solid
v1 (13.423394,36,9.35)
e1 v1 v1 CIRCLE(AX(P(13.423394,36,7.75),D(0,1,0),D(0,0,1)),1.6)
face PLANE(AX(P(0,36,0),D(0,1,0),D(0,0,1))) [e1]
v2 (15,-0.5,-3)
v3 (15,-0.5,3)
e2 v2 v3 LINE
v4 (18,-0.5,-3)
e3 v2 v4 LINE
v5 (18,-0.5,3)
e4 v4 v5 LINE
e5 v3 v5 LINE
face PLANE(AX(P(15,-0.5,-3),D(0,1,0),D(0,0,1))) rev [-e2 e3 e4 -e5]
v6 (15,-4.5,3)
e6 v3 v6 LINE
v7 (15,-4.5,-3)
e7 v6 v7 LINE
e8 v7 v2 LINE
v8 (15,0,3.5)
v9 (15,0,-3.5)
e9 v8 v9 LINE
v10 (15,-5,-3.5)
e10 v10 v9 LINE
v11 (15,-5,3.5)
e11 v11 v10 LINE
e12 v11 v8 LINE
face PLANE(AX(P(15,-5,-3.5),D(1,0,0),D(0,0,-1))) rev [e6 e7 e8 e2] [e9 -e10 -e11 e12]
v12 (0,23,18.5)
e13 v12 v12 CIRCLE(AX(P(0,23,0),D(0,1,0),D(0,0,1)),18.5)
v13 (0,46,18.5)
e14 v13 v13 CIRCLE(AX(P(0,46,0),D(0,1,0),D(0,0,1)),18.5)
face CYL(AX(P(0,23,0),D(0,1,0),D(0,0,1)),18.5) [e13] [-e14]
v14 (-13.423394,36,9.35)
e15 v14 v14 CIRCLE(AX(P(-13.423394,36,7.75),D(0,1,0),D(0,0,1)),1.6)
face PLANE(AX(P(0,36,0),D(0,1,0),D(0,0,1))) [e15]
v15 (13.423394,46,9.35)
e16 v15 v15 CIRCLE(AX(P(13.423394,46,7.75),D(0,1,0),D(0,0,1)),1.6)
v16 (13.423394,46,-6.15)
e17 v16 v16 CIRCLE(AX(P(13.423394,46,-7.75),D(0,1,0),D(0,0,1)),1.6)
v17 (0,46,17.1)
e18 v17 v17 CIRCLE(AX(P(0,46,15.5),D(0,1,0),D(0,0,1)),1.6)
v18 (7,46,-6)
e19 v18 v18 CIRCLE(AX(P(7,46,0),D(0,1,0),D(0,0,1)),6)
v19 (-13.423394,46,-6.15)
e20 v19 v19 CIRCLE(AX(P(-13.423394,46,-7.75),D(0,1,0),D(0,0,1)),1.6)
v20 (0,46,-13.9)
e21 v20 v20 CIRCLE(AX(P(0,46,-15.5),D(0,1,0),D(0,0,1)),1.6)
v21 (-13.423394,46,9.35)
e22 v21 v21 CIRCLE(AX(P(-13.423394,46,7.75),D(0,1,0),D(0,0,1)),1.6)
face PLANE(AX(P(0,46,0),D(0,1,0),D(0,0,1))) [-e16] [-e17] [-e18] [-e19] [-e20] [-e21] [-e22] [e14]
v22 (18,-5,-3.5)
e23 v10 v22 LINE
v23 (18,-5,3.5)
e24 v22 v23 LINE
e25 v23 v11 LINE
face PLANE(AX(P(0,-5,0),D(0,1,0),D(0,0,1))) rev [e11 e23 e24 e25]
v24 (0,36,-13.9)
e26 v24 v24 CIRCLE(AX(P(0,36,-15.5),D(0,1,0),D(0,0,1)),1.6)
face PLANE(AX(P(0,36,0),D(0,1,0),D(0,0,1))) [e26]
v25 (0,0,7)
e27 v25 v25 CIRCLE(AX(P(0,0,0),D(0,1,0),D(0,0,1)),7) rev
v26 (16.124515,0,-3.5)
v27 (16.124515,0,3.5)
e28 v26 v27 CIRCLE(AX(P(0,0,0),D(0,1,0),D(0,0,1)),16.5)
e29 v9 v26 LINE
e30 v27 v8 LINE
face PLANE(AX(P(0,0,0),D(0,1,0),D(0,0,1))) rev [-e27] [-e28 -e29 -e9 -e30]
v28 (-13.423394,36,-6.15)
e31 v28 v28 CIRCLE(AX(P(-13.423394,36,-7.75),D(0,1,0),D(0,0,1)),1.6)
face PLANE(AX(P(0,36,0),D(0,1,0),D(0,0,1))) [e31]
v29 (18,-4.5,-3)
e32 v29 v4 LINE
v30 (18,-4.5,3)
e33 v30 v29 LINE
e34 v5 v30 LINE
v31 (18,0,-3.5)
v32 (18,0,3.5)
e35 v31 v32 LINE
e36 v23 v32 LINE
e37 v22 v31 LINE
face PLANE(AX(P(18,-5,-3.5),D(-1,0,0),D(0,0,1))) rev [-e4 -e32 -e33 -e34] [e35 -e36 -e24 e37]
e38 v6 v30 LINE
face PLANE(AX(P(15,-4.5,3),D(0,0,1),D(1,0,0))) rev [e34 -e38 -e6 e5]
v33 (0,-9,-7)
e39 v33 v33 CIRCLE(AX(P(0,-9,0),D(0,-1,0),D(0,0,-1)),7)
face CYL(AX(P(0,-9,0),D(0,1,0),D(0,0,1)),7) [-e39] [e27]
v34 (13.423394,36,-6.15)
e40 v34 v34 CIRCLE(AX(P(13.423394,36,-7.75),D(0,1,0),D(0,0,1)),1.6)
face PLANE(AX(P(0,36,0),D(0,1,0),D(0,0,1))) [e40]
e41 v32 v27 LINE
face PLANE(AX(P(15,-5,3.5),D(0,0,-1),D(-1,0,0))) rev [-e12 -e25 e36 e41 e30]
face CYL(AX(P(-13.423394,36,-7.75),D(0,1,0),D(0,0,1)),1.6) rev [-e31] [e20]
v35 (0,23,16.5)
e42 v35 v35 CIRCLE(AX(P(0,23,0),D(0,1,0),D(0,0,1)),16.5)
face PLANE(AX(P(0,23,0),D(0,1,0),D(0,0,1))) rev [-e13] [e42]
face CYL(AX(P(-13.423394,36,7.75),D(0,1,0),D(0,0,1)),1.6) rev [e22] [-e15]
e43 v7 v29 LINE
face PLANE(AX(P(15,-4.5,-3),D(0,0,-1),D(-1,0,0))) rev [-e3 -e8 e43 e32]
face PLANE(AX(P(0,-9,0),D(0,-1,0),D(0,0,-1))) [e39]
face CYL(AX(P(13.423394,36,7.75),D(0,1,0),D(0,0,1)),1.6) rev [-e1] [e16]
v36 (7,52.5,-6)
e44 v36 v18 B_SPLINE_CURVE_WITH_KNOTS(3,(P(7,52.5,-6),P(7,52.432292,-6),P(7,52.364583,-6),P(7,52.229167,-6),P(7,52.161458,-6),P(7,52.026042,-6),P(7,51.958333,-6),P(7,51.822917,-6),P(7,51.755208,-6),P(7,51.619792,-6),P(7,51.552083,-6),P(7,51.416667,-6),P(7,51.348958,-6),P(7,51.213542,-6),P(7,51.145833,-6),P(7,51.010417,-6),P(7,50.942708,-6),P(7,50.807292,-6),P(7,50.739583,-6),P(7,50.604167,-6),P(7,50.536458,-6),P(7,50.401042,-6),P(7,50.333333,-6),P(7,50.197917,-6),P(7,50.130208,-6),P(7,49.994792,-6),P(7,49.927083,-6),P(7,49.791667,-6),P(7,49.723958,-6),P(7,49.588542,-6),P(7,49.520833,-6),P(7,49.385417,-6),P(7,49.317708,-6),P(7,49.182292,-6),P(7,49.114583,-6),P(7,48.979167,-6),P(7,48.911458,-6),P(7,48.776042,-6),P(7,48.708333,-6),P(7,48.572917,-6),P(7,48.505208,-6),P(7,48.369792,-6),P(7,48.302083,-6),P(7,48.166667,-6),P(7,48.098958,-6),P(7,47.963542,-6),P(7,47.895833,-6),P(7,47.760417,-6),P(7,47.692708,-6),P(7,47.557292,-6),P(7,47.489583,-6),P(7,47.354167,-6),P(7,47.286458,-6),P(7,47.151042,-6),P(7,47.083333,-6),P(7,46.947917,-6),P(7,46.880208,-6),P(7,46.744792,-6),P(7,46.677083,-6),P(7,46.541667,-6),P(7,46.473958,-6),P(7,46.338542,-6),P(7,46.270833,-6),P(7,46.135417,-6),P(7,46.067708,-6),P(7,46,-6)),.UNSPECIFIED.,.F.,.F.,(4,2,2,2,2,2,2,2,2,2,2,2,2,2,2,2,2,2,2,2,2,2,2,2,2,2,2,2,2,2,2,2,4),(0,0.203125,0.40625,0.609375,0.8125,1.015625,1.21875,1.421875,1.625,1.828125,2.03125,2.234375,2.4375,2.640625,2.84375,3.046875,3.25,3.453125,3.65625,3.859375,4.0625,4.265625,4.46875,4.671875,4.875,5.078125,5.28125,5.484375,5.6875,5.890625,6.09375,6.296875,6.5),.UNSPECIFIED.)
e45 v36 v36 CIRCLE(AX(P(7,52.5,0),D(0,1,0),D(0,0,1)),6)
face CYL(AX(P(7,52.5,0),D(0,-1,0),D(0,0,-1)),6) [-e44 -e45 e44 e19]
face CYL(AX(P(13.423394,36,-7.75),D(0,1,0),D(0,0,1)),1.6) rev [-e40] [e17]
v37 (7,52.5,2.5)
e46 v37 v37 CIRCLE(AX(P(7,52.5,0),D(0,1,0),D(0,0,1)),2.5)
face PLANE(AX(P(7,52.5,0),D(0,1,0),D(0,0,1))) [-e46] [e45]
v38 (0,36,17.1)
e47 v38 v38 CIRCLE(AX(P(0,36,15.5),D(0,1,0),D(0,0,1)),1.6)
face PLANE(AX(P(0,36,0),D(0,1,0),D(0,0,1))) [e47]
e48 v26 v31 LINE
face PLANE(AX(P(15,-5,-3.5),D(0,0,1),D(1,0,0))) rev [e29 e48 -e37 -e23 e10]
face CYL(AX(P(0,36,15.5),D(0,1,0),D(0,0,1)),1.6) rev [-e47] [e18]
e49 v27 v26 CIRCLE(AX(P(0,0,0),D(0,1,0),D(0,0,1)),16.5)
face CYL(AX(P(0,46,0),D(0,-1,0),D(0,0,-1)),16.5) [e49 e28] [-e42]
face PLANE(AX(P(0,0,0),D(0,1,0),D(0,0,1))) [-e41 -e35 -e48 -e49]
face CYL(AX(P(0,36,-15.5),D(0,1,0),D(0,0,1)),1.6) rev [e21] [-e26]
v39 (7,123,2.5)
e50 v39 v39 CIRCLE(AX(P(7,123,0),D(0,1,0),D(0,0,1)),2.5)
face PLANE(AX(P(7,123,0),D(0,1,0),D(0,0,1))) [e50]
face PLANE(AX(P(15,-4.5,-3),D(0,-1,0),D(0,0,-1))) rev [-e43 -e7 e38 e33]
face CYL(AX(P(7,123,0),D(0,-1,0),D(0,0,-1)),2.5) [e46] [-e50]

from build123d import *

# Parameters (mm, degrees)
SKETCH_1_R          = 16.5
EXTRUDE_1_DEPTH     = 46
SKETCH_2_R          = 7
EXTRUDE_2_DEPTH     = 9
SKETCH_3_W          = 3
SKETCH_3_H          = 7
EXTRUDE_3_DEPTH     = 5
SKETCH_4_W          = 6
SKETCH_4_H          = 4
CUT_EXTRUDE_1_DEPTH = 3
SKETCH_5_R          = 6
EXTRUDE_4_DEPTH     = 6.5
SKETCH_7_R          = 2.5
EXTRUDE_5_DEPTH     = 70.5
EXTRUDE_START       = -23
SKETCH_8_R          = 18.5
SKETCH_8_R_2        = 16.5
EXTRUDE_6_DEPTH     = 23
SKETCH_9_R          = 1.6
CUT_EXTRUDE_2_DEPTH = 10


with BuildPart() as part:
    # 草图1 → 凸台-拉伸1 (new body)
    with BuildSketch(Plane(origin=(0, 0, 0), x_dir=(1, 0, 0), z_dir=(0, 1, 0))):
        with Locations(Location((0, 0, 0), (0, 0, 270))):
            Circle(SKETCH_1_R)
    extrude(amount=EXTRUDE_1_DEPTH)

    # 草图2 → 凸台-拉伸2 (add)
    with BuildSketch(Plane.XZ):
        with Locations(Location((0, 0, 0), (0, 0, 90))):
            Circle(SKETCH_2_R)
    extrude(amount=EXTRUDE_2_DEPTH)

    # 草图3 → 凸台-拉伸3 (add)
    with BuildSketch(Plane.XZ):
        with Locations((16.5, 0)):
            Rectangle(SKETCH_3_W, SKETCH_3_H)
    extrude(amount=EXTRUDE_3_DEPTH)

    # 草图4 → 切除-拉伸1 (cut)
    with BuildSketch(Plane(origin=(18, 0, 0), x_dir=(0, 0, -1), z_dir=(1, 0, 0))):
        with Locations((0, -2.5)):
            Rectangle(SKETCH_4_W, SKETCH_4_H)
    extrude(amount=-CUT_EXTRUDE_1_DEPTH, mode=Mode.SUBTRACT)

    # 草图5 → 凸台-拉伸4 (add)
    with BuildSketch(Plane(origin=(0, 46, 0), x_dir=(1, 0, 0), z_dir=(0, 1, 0))):
        with Locations(Location((7, 0, 0), (0, 0, 90))):
            Circle(SKETCH_5_R)
    extrude(amount=EXTRUDE_4_DEPTH)

    # 草图7 → 凸台-拉伸5 (add)
    with BuildSketch(Plane(origin=(0, 52.5, 0), x_dir=(1, 0, 0), z_dir=(0, 1, 0))):
        with Locations(Location((7, 0, 0), (0, 0, 270))):
            Circle(SKETCH_7_R)
    extrude(amount=EXTRUDE_5_DEPTH)

    # 草图8 → 凸台-拉伸6 (add)
    with BuildSketch(Plane(origin=(0, 46, 0), x_dir=(1, 0, 0), z_dir=(0, 1, 0)).offset(EXTRUDE_START)):
        with Locations(Location((0, 0, 0), (0, 0, 270))):
            Circle(SKETCH_8_R)
        with Locations(Location((0, 0, 0), (0, 0, 12.246689727))):
            Circle(SKETCH_8_R_2, mode=Mode.SUBTRACT)
    extrude(amount=EXTRUDE_6_DEPTH)

    # 草图9 → 切除-拉伸2 (cut)
    with BuildSketch(Plane(origin=(0, 46, 0), x_dir=(1, 0, 0), z_dir=(0, 1, 0))):
        with Locations(Location((-13.423393759, 7.75, 0), (0, 0, 270))):
            Circle(SKETCH_9_R)
        with Locations(Location((0, 15.5, 0), (0, 0, 270))):
            Circle(SKETCH_9_R)
        with Locations(Location((13.423393759, 7.75, 0), (0, 0, 270))):
            Circle(SKETCH_9_R)
        with Locations(Location((13.423393759, -7.75, 0), (0, 0, 270))):
            Circle(SKETCH_9_R)
        with Locations(Location((0, -15.5, 0), (0, 0, 270))):
            Circle(SKETCH_9_R)
        with Locations(Location((-13.423393759, -7.75, 0), (0, 0, 270))):
            Circle(SKETCH_9_R)
    extrude(amount=-CUT_EXTRUDE_2_DEPTH, mode=Mode.SUBTRACT)


solid = part.part
